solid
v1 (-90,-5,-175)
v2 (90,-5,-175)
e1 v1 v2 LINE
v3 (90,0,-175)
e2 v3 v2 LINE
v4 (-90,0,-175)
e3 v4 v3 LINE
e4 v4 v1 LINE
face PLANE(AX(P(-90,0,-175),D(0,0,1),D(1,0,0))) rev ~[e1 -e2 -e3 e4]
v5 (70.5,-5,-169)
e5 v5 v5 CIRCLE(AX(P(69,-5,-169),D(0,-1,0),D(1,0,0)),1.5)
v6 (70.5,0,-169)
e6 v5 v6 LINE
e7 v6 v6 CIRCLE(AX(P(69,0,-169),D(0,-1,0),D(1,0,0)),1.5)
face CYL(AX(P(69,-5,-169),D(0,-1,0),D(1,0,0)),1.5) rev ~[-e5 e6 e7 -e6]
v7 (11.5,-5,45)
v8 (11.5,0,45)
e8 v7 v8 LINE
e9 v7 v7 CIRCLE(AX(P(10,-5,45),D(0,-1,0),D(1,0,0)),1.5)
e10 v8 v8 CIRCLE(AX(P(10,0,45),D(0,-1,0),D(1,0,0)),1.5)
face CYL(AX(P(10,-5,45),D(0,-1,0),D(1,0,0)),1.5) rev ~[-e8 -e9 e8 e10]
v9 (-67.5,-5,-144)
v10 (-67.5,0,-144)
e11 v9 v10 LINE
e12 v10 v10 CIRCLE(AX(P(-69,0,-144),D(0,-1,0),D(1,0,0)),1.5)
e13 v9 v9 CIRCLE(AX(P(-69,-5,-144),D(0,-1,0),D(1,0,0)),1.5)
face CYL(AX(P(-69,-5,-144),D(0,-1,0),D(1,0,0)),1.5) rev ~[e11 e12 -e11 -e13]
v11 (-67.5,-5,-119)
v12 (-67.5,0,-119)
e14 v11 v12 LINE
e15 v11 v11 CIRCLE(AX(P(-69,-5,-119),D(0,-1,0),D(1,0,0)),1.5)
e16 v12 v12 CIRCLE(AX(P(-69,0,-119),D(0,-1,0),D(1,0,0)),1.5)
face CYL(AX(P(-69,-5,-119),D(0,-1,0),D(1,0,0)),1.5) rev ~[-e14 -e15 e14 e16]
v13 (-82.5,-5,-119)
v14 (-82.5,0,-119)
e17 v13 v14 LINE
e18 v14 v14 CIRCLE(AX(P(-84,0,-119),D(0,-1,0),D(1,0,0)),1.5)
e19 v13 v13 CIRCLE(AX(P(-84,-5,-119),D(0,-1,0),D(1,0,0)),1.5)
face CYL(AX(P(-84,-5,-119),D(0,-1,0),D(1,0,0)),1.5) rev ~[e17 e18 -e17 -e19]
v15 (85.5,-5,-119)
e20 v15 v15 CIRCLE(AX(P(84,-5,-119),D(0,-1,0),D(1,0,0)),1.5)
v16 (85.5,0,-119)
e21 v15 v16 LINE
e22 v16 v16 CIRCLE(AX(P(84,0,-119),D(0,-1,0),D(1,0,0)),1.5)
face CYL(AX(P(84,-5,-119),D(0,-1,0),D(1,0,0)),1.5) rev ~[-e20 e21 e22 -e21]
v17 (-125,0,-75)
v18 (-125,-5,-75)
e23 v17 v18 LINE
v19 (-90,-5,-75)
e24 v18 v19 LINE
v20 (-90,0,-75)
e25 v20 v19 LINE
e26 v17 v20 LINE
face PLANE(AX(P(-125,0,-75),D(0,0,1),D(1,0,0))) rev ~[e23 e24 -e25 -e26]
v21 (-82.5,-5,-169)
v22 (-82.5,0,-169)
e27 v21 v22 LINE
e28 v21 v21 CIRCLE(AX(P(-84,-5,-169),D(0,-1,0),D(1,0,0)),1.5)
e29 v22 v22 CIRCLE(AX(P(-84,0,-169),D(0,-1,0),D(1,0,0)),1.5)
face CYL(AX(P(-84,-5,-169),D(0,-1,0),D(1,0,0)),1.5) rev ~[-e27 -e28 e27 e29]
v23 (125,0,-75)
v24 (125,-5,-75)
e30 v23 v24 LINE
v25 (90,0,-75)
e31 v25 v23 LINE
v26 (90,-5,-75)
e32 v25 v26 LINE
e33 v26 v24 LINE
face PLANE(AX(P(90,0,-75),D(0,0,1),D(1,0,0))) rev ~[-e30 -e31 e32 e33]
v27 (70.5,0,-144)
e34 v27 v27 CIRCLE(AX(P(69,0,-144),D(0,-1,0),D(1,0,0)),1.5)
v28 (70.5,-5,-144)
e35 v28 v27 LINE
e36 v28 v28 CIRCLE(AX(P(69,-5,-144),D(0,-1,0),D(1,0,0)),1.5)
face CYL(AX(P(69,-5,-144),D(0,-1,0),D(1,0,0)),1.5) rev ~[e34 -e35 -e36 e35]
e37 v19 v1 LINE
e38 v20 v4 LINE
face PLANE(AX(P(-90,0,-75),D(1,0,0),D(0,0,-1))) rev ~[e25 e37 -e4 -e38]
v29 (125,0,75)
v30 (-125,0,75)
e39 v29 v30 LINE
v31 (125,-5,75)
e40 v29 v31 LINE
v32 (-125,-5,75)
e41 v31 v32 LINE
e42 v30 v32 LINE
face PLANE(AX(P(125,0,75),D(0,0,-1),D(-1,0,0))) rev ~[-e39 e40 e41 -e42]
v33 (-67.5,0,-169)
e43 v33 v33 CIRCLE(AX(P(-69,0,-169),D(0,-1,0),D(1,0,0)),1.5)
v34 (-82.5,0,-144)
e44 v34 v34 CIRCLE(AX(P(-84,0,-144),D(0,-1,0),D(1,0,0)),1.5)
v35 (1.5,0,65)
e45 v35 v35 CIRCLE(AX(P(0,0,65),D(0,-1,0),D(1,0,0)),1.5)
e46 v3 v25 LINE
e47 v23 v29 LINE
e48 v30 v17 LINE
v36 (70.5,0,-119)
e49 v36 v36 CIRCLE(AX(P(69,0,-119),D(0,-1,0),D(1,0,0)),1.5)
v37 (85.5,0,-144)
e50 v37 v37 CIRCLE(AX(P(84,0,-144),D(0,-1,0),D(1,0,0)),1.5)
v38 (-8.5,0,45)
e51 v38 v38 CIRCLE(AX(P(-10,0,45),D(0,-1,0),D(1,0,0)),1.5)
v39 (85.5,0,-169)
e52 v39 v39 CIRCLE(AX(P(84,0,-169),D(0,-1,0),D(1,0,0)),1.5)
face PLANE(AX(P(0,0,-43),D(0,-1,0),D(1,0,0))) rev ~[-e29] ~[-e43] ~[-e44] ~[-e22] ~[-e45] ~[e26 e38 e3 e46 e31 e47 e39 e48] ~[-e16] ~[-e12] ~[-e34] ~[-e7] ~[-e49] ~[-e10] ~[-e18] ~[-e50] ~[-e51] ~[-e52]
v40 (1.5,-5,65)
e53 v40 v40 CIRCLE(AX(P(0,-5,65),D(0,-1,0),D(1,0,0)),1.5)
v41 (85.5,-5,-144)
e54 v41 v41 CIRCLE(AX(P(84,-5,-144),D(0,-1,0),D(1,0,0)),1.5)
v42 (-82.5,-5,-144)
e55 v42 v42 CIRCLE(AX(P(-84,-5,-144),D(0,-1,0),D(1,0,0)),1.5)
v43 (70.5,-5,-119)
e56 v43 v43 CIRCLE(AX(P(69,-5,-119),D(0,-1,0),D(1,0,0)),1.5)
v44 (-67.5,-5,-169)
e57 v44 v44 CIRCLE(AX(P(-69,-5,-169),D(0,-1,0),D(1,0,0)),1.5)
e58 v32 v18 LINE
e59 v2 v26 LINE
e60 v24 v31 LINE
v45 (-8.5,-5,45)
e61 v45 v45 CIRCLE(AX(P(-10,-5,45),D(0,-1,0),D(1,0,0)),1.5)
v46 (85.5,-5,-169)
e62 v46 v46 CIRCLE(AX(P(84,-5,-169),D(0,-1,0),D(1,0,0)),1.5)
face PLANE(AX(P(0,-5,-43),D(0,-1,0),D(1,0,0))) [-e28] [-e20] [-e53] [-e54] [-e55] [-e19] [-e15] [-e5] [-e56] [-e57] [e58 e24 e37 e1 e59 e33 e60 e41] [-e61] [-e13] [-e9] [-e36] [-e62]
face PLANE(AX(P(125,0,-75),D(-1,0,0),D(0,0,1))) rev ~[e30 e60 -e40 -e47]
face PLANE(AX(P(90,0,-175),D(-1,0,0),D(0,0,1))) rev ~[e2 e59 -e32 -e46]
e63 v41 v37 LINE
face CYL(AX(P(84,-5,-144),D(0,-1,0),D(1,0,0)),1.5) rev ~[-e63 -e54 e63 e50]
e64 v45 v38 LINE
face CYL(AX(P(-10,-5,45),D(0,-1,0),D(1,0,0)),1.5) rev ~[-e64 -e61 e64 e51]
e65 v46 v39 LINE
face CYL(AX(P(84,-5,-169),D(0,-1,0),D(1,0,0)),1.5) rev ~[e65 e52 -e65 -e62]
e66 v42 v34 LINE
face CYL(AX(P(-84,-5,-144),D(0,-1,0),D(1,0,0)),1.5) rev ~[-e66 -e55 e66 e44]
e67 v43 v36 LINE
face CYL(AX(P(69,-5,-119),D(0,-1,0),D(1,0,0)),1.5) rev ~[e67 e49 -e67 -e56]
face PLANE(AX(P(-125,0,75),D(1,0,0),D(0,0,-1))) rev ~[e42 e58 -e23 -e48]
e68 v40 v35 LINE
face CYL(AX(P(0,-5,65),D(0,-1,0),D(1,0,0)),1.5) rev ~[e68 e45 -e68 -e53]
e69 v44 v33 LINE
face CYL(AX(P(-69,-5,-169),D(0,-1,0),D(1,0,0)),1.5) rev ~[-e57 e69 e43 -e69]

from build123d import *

# Parameters (mm, degrees)
F1_DEPTH = 5
F2_R     = 1.5
F3_DEPTH = 5


with BuildPart() as f1:
    # F0 (on Front) → F1 (new body)
    with BuildSketch(Plane.XZ):
        Polygon((90, -75), (125, -75), (125, 75), (-125, 75), (-125, -75), (-90, -75), (-90, -175), (90, -175), align=None)
    extrude(amount=F1_DEPTH)

    # F2 (on face) → F3 (cut)
    with BuildSketch(Plane.XZ.offset(5)):
        with Locations((0, 65)):
            Circle(F2_R)
        with Locations((-10, 45)):
            Circle(F2_R)
        with Locations((10, 45)):
            Circle(F2_R)
        with Locations((-84, -169)):
            Circle(F2_R)
        with Locations((-84, -144)):
            Circle(F2_R)
        with Locations((-84, -119)):
            Circle(F2_R)
        with Locations((-69, -169)):
            Circle(F2_R)
        with Locations((-69, -144)):
            Circle(F2_R)
        with Locations((-69, -119)):
            Circle(F2_R)
        with Locations((84, -169)):
            Circle(F2_R)
        with Locations((84, -144)):
            Circle(F2_R)
        with Locations((69, -169)):
            Circle(F2_R)
        with Locations((69, -119)):
            Circle(F2_R)
        with Locations((69, -144)):
            Circle(F2_R)
        with Locations((84, -119)):
            Circle(F2_R)
    extrude(amount=-F3_DEPTH, mode=Mode.SUBTRACT)


solid = f1.part
